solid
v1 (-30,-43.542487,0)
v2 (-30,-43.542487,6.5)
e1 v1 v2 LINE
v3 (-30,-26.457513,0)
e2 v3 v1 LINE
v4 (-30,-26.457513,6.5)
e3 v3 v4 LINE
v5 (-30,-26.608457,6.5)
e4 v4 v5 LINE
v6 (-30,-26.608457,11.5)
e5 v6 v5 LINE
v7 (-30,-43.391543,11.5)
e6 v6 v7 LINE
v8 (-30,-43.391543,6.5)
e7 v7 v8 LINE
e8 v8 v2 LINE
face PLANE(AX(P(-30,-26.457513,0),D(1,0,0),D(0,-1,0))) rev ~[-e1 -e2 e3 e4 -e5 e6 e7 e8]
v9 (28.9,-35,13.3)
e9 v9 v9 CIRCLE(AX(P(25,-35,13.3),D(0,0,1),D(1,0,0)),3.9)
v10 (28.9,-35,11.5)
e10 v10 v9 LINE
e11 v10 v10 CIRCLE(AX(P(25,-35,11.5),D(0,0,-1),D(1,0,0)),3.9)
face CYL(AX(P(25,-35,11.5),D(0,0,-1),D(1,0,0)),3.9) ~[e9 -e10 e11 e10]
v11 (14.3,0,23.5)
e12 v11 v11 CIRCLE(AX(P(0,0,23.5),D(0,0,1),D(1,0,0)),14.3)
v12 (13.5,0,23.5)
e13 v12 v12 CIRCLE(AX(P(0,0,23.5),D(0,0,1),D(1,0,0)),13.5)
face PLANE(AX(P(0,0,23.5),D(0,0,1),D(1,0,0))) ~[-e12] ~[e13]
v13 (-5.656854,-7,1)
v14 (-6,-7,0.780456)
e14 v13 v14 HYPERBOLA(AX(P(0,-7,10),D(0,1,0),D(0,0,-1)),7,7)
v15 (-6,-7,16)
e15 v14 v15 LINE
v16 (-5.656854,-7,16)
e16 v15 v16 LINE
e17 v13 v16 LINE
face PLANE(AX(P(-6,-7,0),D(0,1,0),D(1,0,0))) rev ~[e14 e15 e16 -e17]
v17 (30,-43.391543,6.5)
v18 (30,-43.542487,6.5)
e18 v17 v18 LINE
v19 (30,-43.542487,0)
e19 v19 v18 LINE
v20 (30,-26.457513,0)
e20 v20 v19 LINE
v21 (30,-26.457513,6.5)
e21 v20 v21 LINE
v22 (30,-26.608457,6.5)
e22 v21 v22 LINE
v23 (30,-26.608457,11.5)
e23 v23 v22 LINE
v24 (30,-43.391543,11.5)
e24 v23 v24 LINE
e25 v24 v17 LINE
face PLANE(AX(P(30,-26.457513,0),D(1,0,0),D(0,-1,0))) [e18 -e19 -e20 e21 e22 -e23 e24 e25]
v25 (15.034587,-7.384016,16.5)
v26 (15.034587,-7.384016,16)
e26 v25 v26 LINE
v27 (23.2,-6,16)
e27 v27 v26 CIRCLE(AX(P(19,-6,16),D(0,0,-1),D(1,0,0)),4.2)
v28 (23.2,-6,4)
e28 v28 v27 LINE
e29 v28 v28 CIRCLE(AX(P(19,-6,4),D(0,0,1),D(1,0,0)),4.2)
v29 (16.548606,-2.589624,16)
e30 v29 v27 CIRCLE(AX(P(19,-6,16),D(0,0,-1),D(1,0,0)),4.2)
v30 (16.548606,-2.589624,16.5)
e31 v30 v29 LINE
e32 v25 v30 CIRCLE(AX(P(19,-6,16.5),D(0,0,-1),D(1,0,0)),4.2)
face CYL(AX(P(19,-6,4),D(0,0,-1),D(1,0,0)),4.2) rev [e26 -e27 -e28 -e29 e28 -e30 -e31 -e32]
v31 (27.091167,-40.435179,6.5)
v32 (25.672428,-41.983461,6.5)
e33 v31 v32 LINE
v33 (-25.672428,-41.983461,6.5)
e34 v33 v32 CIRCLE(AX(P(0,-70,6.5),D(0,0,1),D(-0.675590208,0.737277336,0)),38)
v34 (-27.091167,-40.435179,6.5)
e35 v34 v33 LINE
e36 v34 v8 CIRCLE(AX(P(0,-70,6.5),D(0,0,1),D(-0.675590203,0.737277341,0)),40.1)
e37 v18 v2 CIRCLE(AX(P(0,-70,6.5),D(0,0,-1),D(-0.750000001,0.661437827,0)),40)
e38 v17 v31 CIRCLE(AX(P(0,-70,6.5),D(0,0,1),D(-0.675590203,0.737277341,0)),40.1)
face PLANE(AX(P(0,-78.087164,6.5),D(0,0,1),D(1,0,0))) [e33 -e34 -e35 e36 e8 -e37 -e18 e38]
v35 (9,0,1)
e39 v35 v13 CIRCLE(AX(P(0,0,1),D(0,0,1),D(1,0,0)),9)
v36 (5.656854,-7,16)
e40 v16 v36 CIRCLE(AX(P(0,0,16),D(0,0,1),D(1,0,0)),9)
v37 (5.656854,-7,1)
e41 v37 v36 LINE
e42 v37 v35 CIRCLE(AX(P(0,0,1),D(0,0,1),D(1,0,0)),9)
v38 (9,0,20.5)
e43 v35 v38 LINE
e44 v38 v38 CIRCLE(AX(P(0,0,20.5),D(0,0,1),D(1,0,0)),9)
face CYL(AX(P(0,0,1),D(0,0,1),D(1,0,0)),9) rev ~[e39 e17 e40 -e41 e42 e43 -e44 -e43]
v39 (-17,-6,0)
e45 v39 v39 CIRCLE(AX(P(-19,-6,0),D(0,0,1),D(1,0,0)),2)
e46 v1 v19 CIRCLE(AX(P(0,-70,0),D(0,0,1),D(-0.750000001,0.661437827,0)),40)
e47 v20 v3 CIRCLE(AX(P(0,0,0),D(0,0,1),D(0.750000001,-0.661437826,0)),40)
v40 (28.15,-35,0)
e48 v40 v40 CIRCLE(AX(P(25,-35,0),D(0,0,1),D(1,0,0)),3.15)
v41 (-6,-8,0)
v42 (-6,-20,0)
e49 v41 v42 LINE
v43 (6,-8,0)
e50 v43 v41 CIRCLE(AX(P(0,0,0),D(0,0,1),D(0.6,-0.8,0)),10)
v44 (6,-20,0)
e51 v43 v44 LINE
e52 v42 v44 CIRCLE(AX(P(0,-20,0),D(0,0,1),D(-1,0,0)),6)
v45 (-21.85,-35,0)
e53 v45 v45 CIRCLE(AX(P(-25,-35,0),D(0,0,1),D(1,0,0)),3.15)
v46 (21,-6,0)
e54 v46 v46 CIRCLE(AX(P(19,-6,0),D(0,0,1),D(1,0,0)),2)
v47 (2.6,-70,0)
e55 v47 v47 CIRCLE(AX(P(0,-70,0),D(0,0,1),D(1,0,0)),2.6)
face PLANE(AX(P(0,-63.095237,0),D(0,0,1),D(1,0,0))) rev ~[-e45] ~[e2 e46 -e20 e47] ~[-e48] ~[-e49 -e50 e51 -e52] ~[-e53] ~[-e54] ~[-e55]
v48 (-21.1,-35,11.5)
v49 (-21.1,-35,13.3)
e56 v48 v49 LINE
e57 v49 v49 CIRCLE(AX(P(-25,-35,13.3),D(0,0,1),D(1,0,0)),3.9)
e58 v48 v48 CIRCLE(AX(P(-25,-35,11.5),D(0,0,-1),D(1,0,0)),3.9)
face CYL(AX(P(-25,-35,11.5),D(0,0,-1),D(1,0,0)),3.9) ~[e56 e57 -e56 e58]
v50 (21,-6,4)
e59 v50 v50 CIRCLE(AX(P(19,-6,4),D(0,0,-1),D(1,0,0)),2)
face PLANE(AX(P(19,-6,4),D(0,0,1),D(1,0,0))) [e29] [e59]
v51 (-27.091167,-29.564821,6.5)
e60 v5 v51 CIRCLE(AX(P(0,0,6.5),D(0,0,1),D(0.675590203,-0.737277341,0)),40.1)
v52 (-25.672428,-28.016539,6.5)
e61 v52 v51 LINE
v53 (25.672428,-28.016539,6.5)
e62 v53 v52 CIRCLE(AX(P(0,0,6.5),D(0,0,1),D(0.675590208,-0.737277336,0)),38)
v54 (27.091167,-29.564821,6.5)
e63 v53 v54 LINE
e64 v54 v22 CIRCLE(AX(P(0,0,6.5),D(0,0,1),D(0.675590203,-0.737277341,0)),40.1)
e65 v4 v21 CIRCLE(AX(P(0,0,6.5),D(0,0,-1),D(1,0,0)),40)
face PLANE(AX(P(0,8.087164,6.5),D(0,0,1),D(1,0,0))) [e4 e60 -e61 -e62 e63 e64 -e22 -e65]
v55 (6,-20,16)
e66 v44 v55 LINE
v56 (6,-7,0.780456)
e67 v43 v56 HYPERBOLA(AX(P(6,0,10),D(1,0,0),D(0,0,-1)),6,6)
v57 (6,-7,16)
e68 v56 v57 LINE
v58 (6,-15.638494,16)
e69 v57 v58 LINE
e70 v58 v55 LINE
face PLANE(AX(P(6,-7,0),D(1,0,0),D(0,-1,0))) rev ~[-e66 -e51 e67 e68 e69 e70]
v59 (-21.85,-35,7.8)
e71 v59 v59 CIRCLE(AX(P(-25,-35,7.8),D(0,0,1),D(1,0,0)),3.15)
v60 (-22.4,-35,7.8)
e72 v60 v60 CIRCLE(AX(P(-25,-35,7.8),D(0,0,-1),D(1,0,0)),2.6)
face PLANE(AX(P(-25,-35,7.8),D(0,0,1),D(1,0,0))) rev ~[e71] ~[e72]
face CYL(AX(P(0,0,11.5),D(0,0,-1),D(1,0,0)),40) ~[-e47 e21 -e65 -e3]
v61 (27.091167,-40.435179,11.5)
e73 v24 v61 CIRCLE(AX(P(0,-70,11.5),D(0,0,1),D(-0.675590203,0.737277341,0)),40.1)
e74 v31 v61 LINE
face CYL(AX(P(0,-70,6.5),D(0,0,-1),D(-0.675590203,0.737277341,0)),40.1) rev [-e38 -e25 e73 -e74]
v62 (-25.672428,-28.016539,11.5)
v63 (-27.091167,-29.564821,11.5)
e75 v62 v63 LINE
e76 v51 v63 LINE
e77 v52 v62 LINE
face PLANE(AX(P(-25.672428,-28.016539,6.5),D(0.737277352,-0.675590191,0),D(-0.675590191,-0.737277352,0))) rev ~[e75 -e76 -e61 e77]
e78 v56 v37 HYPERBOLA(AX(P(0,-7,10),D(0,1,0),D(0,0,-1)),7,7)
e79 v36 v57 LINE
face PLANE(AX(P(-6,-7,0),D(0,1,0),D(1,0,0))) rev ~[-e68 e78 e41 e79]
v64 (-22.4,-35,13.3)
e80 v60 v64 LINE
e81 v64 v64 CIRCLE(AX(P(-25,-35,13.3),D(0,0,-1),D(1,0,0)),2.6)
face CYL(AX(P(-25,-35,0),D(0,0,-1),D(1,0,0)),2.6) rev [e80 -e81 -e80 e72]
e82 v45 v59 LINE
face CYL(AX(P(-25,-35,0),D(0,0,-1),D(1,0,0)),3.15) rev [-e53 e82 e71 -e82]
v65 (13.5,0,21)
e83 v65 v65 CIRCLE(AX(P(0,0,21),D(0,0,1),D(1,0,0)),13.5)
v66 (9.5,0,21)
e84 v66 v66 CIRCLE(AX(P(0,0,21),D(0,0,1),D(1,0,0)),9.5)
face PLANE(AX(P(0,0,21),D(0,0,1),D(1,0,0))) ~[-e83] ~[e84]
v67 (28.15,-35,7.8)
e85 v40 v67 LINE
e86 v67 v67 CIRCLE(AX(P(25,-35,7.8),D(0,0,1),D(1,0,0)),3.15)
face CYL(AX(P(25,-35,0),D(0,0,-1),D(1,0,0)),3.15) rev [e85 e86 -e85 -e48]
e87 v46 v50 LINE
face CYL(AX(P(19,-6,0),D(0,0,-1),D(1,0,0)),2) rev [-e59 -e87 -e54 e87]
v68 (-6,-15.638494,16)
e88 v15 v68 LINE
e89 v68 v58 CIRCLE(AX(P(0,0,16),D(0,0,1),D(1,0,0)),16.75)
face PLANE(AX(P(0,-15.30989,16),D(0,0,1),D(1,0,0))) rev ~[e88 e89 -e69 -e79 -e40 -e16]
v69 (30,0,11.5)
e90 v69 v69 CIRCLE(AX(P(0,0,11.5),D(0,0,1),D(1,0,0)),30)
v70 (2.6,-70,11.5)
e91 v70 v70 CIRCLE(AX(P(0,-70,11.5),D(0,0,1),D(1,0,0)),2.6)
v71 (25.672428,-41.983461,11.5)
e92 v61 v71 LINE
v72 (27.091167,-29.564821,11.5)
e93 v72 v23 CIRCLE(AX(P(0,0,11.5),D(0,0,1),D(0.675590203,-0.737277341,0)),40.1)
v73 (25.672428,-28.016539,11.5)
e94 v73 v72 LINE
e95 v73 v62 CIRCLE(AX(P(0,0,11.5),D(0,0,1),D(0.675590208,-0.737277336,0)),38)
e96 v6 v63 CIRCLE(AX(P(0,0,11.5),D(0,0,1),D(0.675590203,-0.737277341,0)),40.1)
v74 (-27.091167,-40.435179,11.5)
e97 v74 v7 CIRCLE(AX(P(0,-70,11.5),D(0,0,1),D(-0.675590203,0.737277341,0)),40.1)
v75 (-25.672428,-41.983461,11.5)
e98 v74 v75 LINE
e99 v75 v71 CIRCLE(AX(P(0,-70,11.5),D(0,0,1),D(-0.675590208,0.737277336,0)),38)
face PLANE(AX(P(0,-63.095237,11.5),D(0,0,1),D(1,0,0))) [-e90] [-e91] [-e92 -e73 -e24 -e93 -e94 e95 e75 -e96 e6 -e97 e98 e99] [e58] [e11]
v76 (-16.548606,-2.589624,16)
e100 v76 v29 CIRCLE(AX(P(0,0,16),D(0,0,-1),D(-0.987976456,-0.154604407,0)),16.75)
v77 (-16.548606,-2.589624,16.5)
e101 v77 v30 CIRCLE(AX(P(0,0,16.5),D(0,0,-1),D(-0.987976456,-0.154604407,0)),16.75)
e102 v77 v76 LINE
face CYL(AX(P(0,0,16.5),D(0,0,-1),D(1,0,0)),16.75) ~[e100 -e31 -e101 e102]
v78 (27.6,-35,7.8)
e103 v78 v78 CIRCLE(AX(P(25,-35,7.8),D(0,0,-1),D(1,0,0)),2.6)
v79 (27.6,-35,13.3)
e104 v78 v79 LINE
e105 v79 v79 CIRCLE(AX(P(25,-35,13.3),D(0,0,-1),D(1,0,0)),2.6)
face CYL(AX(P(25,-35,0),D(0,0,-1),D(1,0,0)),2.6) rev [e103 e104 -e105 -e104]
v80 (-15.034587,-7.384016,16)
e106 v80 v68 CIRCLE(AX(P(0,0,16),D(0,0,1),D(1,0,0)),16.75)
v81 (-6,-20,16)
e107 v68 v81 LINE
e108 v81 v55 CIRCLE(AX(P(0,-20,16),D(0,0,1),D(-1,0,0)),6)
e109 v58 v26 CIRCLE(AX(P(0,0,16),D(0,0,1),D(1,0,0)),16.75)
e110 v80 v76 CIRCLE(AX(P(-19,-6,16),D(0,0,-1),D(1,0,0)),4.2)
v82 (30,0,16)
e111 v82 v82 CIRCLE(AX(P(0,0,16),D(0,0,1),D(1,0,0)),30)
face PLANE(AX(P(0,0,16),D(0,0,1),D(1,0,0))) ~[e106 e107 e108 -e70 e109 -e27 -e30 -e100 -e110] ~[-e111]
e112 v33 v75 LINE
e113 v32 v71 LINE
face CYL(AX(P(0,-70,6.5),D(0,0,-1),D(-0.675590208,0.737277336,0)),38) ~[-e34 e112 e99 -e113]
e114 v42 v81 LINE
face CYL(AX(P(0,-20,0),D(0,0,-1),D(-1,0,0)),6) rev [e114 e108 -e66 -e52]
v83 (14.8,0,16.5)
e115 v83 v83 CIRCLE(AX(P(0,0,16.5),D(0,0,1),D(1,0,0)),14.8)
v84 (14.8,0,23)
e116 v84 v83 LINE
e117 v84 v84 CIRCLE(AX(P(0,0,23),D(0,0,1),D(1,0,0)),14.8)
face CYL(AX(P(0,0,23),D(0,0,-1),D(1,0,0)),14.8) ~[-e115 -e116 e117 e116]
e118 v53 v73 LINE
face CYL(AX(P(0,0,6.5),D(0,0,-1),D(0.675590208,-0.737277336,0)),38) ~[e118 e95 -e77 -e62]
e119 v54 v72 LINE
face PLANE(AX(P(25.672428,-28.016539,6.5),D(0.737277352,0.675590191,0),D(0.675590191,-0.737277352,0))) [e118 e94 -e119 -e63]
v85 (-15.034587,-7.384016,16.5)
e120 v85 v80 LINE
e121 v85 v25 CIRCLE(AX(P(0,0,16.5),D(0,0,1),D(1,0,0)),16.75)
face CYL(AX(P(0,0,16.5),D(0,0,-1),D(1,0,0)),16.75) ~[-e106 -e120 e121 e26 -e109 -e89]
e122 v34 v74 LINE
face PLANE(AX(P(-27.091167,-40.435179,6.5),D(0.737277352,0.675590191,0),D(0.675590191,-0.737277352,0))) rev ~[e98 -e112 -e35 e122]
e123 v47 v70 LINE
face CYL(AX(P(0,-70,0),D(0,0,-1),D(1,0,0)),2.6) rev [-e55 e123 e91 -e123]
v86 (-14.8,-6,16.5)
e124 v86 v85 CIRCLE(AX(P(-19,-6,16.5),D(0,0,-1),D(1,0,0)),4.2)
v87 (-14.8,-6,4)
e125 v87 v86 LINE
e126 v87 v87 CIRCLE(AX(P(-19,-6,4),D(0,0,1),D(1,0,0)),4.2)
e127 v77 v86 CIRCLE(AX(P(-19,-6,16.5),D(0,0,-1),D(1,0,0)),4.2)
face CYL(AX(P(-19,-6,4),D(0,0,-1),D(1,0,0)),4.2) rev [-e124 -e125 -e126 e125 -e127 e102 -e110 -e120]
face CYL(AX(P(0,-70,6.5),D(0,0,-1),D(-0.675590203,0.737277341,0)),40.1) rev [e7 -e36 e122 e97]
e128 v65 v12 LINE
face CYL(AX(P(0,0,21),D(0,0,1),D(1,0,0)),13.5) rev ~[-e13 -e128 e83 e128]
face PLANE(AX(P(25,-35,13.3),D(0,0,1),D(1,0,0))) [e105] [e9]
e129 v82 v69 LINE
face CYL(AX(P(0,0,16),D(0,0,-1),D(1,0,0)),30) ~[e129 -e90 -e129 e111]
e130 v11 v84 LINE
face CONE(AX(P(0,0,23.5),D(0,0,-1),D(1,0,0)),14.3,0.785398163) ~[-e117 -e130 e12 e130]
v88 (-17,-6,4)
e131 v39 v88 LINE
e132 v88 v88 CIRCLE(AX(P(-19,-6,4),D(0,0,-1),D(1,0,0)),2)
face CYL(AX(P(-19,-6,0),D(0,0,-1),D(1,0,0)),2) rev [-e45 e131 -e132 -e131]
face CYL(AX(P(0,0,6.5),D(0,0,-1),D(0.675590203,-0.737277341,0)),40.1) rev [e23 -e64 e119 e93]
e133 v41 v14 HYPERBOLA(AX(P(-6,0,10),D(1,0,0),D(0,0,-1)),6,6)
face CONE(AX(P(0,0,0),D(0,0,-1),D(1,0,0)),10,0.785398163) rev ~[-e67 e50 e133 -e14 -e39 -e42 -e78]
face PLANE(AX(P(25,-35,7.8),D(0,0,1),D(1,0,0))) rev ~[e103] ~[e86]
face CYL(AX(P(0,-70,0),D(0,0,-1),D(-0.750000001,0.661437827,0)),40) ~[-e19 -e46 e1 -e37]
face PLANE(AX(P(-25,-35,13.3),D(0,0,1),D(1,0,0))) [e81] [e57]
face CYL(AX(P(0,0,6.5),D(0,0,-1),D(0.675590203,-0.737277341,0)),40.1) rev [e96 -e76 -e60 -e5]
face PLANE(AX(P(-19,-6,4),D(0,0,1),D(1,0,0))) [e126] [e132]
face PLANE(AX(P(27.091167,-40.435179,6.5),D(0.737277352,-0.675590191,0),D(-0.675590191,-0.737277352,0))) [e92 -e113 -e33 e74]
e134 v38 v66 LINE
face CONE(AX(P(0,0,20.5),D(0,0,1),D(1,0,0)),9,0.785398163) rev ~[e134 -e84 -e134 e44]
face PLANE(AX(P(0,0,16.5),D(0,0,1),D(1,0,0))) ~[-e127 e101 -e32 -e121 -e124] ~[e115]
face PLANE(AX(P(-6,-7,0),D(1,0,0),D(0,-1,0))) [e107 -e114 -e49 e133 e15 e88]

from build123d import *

# Parameters (mm, degrees)
SKETCH030_R     = 3.9
PAD005_DEPTH    = 1.8
SKETCH029_R     = 2.6
PAD006_DEPTH    = 11.5
SKETCH033_R     = 2.6
POCKET_DEPTH    = 14
POCKET011_DEPTH = 5
SKETCH034_R     = 3.15
POCKET012_DEPTH = 7.8
POCKET013_DEPTH = 16
SKETCH036_R     = 2
POCKET014_DEPTH = 16
SKETCH037_R     = 4.2
POCKET015_DEPTH = 13


with BuildPart() as part:
    # Sketch → Revolution (revolve)
    with BuildSketch(Plane.XZ):
        Polygon((13.5, 21), (13.5, 23.5), (14.3, 23.5), (14.8, 23), (14.8, 16.5), (16.75, 16.5), (16.75, 16), (30, 16), (30, 11.5), (40, 11.5), (40, 0), (10, 0), (9, 1), (9, 20.5), (9.5, 21), align=None)
    revolve(axis=Axis((0, 0, 0), (0, 0, 1)))

    # Sketch030 → Pad005 (new body)
    with BuildSketch(Plane.XY.offset(11.5)):
        with Locations((-25, -35)):
            Circle(SKETCH030_R)
        with Locations((25, -35)):
            Circle(SKETCH030_R)
    extrude(amount=PAD005_DEPTH)

    # Sketch029 → Pad006 (join)
    with BuildSketch(Plane.XY):
        with BuildLine():
            Line((-30, -26.457513), (-30, -43.542487))
            ThreePointArc((-30, -43.542487), (0, -110), (30, -43.542487))
            Line((30, -26.457513), (30, -43.542487))
            ThreePointArc((-30, -26.457513), (0, -40), (30, -26.457513))
        make_face()
        with Locations((0, -70)):
            Circle(SKETCH029_R, mode=Mode.SUBTRACT)
    extrude(amount=PAD006_DEPTH)

    # Sketch033 → Pocket (cut)
    with BuildSketch(Plane.XY):
        with Locations((-25, -35)):
            Circle(SKETCH033_R)
        with Locations((25, -35)):
            Circle(SKETCH033_R)
    extrude(amount=POCKET_DEPTH, mode=Mode.SUBTRACT)

    # Sketch031 → Pocket011 (cut)
    with BuildSketch(Plane.XY.offset(6.5)):
        with BuildLine():
            ThreePointArc((27.091167, -29.564821), (0, 40.1), (-27.091167, -29.564821))
            Line((-25.672428, -28.016539), (-27.091167, -29.564821))
            ThreePointArc((25.672428, -28.016539), (0, 38), (-25.672428, -28.016539))
            Line((25.672428, -28.016539), (27.091167, -29.564821))
        make_face()
        with BuildLine():
            ThreePointArc((-27.091167, -40.435179), (0, -110.1), (27.091167, -40.435179))
            Line((27.091167, -40.435179), (25.672428, -41.983461))
            ThreePointArc((-25.672428, -41.983461), (0, -108), (25.672428, -41.983461))
            Line((-27.091167, -40.435179), (-25.672428, -41.983461))
        make_face()
    extrude(amount=POCKET011_DEPTH, mode=Mode.SUBTRACT)

    # Sketch034 → Pocket012 (cut)
    with BuildSketch(Plane.XY):
        with Locations((-25, -35)):
            Circle(SKETCH034_R)
        with Locations((25, -35)):
            Circle(SKETCH034_R)
    extrude(amount=POCKET012_DEPTH, mode=Mode.SUBTRACT)

    # Sketch035 → Pocket013 (cut)
    with BuildSketch(Plane.XY):
        with BuildLine():
            Line((-6, -7), (-6, -20))
            ThreePointArc((-6, -20), (0, -26), (6, -20))
            Line((6, -7), (6, -20))
            Line((-6, -7), (6, -7))
        make_face()
    extrude(amount=POCKET013_DEPTH, mode=Mode.SUBTRACT)

    # Sketch036 → Pocket014 (cut)
    with BuildSketch(Plane.XY):
        with Locations((-19, -6)):
            Circle(SKETCH036_R)
        with Locations((19, -6)):
            Circle(SKETCH036_R)
    extrude(amount=POCKET014_DEPTH, mode=Mode.SUBTRACT)

    # Sketch037 → Pocket015 (cut)
    with BuildSketch(Plane.XY.offset(4)):
        with Locations((-19, -6)):
            Circle(SKETCH037_R)
        with Locations((19, -6)):
            Circle(SKETCH037_R)
    extrude(amount=POCKET015_DEPTH, mode=Mode.SUBTRACT)


solid = part.part
